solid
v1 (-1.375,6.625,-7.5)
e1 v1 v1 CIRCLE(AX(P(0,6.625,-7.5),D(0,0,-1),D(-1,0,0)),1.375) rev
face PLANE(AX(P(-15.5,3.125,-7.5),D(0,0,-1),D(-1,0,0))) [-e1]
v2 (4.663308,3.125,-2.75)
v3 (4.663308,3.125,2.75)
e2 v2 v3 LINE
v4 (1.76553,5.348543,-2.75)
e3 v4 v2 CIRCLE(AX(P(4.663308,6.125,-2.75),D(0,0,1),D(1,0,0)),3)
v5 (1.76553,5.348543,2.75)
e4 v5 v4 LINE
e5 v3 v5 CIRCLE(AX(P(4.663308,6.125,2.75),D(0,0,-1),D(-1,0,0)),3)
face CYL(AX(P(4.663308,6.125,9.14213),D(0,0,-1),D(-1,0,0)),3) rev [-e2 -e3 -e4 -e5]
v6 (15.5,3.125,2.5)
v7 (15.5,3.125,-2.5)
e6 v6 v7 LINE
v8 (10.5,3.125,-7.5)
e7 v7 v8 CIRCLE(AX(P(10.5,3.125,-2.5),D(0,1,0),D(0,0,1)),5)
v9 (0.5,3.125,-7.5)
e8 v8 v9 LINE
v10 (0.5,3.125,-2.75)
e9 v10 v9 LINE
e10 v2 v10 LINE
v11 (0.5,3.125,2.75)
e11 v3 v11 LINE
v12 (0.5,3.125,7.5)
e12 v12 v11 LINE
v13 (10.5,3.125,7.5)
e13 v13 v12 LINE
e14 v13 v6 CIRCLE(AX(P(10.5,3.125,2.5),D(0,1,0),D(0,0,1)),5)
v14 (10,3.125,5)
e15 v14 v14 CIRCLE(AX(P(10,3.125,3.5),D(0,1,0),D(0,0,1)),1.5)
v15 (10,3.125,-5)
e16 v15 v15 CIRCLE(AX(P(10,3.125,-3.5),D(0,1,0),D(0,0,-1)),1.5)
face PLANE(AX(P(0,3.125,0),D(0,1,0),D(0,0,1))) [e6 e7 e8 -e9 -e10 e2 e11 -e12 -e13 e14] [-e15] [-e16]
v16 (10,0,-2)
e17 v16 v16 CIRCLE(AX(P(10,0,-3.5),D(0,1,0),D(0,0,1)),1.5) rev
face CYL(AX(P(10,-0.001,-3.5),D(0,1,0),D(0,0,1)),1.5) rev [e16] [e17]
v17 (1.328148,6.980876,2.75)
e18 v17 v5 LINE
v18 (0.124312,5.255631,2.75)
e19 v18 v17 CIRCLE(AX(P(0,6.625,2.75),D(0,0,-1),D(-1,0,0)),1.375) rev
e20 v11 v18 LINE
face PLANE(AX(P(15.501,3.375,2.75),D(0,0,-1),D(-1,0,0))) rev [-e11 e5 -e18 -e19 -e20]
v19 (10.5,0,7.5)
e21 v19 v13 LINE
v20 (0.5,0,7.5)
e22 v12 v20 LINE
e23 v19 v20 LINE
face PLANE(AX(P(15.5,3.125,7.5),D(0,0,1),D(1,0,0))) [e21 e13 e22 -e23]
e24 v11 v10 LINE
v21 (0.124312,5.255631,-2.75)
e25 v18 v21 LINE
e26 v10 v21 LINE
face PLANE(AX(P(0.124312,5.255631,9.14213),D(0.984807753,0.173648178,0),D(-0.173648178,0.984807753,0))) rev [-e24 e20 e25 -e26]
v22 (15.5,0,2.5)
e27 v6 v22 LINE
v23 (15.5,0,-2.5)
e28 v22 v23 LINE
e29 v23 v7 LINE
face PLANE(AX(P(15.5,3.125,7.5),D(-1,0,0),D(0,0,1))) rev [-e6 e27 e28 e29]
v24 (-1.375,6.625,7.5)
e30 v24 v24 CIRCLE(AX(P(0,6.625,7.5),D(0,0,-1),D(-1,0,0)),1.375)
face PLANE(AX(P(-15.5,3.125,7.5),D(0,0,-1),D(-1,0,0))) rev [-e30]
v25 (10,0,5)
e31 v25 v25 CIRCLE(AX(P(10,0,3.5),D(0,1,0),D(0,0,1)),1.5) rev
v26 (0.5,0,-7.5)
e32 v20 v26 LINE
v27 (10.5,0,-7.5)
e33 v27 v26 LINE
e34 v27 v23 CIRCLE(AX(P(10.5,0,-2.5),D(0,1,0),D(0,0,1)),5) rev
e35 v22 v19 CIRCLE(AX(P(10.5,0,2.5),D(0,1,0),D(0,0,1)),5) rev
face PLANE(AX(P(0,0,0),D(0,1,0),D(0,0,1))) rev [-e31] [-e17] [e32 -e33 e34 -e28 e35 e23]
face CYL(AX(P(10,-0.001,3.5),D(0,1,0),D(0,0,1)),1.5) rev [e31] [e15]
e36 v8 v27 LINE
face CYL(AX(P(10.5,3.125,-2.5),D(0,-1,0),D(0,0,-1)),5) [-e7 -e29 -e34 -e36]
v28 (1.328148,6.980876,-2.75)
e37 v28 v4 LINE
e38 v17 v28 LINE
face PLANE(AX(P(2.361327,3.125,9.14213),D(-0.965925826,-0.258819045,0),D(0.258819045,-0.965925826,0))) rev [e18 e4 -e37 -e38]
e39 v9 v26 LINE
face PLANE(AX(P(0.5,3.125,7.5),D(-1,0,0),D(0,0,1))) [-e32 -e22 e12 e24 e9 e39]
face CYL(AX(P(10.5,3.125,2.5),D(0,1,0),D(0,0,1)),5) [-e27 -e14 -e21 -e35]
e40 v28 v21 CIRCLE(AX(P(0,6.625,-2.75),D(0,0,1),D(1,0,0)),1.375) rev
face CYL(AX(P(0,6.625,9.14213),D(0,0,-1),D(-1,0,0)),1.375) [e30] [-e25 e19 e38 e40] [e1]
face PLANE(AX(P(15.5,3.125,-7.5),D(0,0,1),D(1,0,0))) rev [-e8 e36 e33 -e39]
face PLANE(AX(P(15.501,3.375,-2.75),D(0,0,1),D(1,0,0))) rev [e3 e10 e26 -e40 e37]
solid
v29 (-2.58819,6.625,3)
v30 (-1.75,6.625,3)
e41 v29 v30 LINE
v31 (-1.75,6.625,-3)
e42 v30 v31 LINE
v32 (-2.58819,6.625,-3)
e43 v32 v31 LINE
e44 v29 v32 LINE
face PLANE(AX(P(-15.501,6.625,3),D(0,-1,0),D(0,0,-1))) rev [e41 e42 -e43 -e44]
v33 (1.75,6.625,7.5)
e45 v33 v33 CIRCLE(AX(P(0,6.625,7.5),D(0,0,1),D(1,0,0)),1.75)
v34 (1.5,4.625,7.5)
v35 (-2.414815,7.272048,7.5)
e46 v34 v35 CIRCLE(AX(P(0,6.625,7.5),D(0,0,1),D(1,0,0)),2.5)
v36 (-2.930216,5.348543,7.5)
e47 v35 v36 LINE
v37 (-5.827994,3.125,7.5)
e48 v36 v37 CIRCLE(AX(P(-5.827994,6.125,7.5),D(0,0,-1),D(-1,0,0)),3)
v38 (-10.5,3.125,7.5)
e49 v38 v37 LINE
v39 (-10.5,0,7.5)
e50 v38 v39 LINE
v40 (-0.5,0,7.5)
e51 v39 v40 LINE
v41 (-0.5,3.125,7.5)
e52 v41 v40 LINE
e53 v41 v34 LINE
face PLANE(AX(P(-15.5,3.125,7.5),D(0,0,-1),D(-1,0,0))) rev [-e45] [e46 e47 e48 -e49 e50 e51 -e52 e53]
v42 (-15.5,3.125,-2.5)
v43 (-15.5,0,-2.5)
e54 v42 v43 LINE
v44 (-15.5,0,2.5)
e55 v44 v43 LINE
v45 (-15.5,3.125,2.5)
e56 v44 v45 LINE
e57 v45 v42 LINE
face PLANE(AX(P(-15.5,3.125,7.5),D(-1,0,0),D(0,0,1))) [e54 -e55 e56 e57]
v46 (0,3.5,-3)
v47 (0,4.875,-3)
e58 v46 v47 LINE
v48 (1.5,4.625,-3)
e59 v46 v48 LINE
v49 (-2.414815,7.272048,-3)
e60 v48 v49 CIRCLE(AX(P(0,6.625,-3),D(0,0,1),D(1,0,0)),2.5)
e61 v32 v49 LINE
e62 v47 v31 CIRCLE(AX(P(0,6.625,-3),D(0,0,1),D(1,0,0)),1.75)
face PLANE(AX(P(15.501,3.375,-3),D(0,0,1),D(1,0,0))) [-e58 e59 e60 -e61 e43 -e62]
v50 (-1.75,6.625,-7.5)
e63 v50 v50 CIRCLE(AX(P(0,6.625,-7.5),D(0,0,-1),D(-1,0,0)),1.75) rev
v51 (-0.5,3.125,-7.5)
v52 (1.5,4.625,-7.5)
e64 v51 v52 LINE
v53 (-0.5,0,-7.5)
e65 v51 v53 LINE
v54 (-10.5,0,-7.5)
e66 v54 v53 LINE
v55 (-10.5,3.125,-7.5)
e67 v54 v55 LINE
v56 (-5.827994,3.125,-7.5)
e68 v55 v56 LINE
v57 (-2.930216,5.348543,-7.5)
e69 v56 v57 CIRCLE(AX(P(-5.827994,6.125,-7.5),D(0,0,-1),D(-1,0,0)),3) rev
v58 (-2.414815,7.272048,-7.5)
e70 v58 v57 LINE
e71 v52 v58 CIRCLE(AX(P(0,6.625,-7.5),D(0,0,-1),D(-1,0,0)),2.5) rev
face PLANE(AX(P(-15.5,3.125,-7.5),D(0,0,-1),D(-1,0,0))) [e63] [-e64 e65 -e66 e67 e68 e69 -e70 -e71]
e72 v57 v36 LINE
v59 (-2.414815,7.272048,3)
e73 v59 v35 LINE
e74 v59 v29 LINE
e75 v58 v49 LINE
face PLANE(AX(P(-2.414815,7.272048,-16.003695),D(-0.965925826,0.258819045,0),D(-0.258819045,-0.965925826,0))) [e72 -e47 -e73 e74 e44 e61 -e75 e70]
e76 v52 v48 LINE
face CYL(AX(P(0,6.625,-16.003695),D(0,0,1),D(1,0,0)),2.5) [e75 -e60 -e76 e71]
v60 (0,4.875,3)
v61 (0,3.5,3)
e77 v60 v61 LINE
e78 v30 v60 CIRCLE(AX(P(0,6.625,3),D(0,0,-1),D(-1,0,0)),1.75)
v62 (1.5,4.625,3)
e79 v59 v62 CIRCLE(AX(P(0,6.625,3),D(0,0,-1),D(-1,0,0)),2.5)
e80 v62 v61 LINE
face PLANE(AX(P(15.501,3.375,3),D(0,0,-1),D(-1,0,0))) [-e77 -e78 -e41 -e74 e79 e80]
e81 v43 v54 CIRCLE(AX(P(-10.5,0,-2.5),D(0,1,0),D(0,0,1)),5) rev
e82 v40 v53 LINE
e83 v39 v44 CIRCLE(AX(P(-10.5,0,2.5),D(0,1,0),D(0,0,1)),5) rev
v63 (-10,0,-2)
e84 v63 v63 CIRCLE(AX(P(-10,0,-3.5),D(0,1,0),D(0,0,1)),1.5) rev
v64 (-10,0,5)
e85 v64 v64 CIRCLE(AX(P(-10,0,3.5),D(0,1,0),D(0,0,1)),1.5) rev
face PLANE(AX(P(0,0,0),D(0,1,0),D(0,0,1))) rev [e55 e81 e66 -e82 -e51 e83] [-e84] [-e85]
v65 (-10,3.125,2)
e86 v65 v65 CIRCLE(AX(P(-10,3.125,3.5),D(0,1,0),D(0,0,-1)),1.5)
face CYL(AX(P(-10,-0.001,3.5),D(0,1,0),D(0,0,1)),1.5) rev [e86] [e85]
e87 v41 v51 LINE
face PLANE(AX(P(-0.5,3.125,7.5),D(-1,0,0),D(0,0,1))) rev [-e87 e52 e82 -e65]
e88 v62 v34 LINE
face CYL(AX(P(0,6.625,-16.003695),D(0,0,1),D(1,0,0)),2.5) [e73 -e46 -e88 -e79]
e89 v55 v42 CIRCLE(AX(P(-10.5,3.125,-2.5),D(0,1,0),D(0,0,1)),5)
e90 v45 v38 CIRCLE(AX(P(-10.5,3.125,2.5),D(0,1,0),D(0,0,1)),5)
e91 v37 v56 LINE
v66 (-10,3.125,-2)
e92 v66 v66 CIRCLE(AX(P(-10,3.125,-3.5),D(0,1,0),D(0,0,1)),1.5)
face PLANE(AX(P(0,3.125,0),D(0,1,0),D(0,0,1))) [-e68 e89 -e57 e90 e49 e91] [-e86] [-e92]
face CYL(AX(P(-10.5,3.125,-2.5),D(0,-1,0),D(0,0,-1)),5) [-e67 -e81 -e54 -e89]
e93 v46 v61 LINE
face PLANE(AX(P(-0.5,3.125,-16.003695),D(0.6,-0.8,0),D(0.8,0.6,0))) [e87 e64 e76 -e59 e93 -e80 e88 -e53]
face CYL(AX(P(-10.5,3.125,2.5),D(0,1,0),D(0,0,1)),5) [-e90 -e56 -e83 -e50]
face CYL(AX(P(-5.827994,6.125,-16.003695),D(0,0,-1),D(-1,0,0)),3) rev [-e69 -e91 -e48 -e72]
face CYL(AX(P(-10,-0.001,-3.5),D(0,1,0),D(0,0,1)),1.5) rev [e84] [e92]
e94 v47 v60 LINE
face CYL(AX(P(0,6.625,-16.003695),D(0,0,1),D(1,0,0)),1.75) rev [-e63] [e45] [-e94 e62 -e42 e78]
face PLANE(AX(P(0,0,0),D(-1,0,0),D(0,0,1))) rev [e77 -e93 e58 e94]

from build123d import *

# Parameters (mm, degrees)
SKETCH2_W                = 15
SKETCH2_H                = 15
BOSS_EXTRUDE1_DEPTH      = 3.125
BOSS_EXTRUDE1_2_DEPTH    = 3.125
SKETCH3_R                = 1.75
BOSS_EXTRUDE2_DEPTH      = 15
SKETCH4_W                = 6
SKETCH4_H                = 5.75
CUT_EXTRUDE1_DEPTH       = 2.5
CUT_EXTRUDE4_REACH       = 21.488
SKETCH9_W                = 6
SKETCH9_H                = 2.5
BOSS_EXTRUDE3_DEPTH      = 2.75
BOSS_EXTRUDE3_DEPTH_BACK = 2.75
BOSS_EXTRUDE4_START      = -7.5
SKETCH7_R                = 1.375
BOSS_EXTRUDE4_DEPTH      = 15
SKETCH8_R                = 1.5
CUT_EXTRUDE2_DEPTH       = 3.125
FILLET1_R                = 5
FILLET2_R                = 5
FILLET3_R                = 3
FILLET4_R                = 3


with BuildPart() as part:
    # Sketch2 → Boss-Extrude1 (new body)
    with BuildSketch(Plane(origin=(0, 0, 0), x_dir=(1, 0, 0), z_dir=(0, 1, 0))):
        with Locations((-8, 0)):
            Rectangle(SKETCH2_W, SKETCH2_H)
    extrude(amount=BOSS_EXTRUDE1_DEPTH)

    # Sketch3 → Boss-Extrude2 (add)
    with BuildSketch(Plane.XY.offset(7.5)):
        with BuildLine():
            Line((-0.5, 3.125), (1.5, 4.625))
            ThreePointArc((1.5, 4.625), (1.400334, 8.696005), (-2.414815, 7.272048))
            Line((-2.414815, 7.272048), (-3.526013, 3.125))
            Line((-3.526013, 3.125), (-0.5, 3.125))
        make_face()
        with Locations((0, 6.625)):
            Circle(SKETCH3_R, mode=Mode.SUBTRACT)
    extrude(amount=-BOSS_EXTRUDE2_DEPTH)

    # Sketch4 → Cut-Extrude1 (cut)
    with BuildSketch(Plane(origin=(0, 0, 0), x_dir=(0, 0, -1), z_dir=(1, 0, 0))):
        with Locations((0, 6.25)):
            Rectangle(SKETCH4_W, SKETCH4_H)
    extrude(amount=CUT_EXTRUDE1_DEPTH, mode=Mode.SUBTRACT)

    # Cut-Extrude4: up to this plane
    cut_extrude4_end = Plane(origin=(-2.414815, 7.272048, -16.003695), z_dir=(-0.9659258262890672, 0.25881904510252496, 0))
    # Sketch9 → Cut-Extrude4 (cut, up to the surface)
    with BuildSketch(Plane(origin=(0, 0, 0), x_dir=(0, 0, -1), z_dir=(1, 0, 0)), mode=Mode.PRIVATE) as cut_extrude4_sk1:
        with Locations((0, 7.875)):
            Rectangle(SKETCH9_W, SKETCH9_H)
    cut_extrude4_tool1 = split(extrude(cut_extrude4_sk1.sketch, amount=-CUT_EXTRUDE4_REACH, mode=Mode.PRIVATE), bisect_by=cut_extrude4_end, keep=Keep.BOTH, mode=Mode.PRIVATE)
    add(cut_extrude4_tool1.solids().sort_by_distance((0, 7.875, 0))[0], mode=Mode.SUBTRACT)


with BuildPart() as body_2:
    # Sketch2 → Boss-Extrude1 2 (new body)
    with BuildSketch(Plane(origin=(0, 0, 0), x_dir=(1, 0, 0), z_dir=(0, 1, 0))):
        with Locations((8, 0)):
            Rectangle(SKETCH2_W, SKETCH2_H)
    extrude(amount=BOSS_EXTRUDE1_2_DEPTH)

    # Sketch5 → Boss-Extrude3 (add, two sides: drawn at the far end of the back side and taken through both)
    with BuildSketch(Plane.XY.offset(-BOSS_EXTRUDE3_DEPTH_BACK)):
        with BuildLine():
            Line((0.124312, 5.255631), (0.5, 3.125))
            Line((0.5, 3.125), (2.361327, 3.125))
            Line((2.361327, 3.125), (1.328148, 6.980876))
            ThreePointArc((1.328148, 6.980876), (-1.12762, 7.411827), (0.124312, 5.255631))
        make_face()
    extrude(amount=BOSS_EXTRUDE3_DEPTH + BOSS_EXTRUDE3_DEPTH_BACK)

    # Sketch7 → Boss-Extrude4 (add)
    with BuildSketch(Plane.XY.offset(BOSS_EXTRUDE4_START)):
        with Locations(Location((0, 6.625, 0), (0, 0, 180))):
            Circle(SKETCH7_R)
    extrude(amount=BOSS_EXTRUDE4_DEPTH)


with BuildPart() as cut_extrude2_tool:
    # Sketch8 → Cut-Extrude2 (new body)
    with BuildSketch(Plane(origin=(0, 3.125, 0), x_dir=(1, 0, 0), z_dir=(0, 1, 0))):
        with Locations(Location((-10, 3.5, 0), (0, 0, 270))):
            Circle(SKETCH8_R)
        with Locations(Location((-10, -3.5, 0), (0, 0, 270))):
            Circle(SKETCH8_R)
        with Locations(Location((10, -3.5, 0), (0, 0, 270))):
            Circle(SKETCH8_R)
        with Locations(Location((10, 3.5, 0), (0, 0, 270))):
            Circle(SKETCH8_R)
    extrude(amount=-CUT_EXTRUDE2_DEPTH)


with BuildPart() as part_1:
    add(part.part)

    # Cut-Extrude2: cut by cut_extrude2_tool
    add(cut_extrude2_tool.part, mode=Mode.SUBTRACT)

    # Fillet1
    fillet1_edges = [part_1.edges().sort_by_distance(p)[0] for p in [
        (-15.5, 1.5625, 7.5),
        (-15.5, 1.5625, -7.5),
    ]]
    fillet(fillet1_edges, radius=FILLET1_R)

    # Fillet3
    fillet3_edges = [part_1.edges().sort_by_distance(p)[0] for p in [
        (-3.526013, 3.125, 0),
    ]]
    fillet(fillet3_edges, radius=FILLET3_R)


with BuildPart() as body_2_1:
    add(body_2.part)

    # Cut-Extrude2: cut by cut_extrude2_tool
    add(cut_extrude2_tool.part, mode=Mode.SUBTRACT)

    # Fillet2
    fillet2_edges = [body_2_1.edges().sort_by_distance(p)[0] for p in [
        (15.5, 1.5625, 7.5),
        (15.5, 1.5625, -7.5),
    ]]
    fillet(fillet2_edges, radius=FILLET2_R)

    # Fillet4
    fillet4_edges = [body_2_1.edges().sort_by_distance(p)[0] for p in [
        (2.361327, 3.125, 0),
    ]]
    fillet(fillet4_edges, radius=FILLET4_R)


solid = Compound([part_1.part, body_2_1.part])
